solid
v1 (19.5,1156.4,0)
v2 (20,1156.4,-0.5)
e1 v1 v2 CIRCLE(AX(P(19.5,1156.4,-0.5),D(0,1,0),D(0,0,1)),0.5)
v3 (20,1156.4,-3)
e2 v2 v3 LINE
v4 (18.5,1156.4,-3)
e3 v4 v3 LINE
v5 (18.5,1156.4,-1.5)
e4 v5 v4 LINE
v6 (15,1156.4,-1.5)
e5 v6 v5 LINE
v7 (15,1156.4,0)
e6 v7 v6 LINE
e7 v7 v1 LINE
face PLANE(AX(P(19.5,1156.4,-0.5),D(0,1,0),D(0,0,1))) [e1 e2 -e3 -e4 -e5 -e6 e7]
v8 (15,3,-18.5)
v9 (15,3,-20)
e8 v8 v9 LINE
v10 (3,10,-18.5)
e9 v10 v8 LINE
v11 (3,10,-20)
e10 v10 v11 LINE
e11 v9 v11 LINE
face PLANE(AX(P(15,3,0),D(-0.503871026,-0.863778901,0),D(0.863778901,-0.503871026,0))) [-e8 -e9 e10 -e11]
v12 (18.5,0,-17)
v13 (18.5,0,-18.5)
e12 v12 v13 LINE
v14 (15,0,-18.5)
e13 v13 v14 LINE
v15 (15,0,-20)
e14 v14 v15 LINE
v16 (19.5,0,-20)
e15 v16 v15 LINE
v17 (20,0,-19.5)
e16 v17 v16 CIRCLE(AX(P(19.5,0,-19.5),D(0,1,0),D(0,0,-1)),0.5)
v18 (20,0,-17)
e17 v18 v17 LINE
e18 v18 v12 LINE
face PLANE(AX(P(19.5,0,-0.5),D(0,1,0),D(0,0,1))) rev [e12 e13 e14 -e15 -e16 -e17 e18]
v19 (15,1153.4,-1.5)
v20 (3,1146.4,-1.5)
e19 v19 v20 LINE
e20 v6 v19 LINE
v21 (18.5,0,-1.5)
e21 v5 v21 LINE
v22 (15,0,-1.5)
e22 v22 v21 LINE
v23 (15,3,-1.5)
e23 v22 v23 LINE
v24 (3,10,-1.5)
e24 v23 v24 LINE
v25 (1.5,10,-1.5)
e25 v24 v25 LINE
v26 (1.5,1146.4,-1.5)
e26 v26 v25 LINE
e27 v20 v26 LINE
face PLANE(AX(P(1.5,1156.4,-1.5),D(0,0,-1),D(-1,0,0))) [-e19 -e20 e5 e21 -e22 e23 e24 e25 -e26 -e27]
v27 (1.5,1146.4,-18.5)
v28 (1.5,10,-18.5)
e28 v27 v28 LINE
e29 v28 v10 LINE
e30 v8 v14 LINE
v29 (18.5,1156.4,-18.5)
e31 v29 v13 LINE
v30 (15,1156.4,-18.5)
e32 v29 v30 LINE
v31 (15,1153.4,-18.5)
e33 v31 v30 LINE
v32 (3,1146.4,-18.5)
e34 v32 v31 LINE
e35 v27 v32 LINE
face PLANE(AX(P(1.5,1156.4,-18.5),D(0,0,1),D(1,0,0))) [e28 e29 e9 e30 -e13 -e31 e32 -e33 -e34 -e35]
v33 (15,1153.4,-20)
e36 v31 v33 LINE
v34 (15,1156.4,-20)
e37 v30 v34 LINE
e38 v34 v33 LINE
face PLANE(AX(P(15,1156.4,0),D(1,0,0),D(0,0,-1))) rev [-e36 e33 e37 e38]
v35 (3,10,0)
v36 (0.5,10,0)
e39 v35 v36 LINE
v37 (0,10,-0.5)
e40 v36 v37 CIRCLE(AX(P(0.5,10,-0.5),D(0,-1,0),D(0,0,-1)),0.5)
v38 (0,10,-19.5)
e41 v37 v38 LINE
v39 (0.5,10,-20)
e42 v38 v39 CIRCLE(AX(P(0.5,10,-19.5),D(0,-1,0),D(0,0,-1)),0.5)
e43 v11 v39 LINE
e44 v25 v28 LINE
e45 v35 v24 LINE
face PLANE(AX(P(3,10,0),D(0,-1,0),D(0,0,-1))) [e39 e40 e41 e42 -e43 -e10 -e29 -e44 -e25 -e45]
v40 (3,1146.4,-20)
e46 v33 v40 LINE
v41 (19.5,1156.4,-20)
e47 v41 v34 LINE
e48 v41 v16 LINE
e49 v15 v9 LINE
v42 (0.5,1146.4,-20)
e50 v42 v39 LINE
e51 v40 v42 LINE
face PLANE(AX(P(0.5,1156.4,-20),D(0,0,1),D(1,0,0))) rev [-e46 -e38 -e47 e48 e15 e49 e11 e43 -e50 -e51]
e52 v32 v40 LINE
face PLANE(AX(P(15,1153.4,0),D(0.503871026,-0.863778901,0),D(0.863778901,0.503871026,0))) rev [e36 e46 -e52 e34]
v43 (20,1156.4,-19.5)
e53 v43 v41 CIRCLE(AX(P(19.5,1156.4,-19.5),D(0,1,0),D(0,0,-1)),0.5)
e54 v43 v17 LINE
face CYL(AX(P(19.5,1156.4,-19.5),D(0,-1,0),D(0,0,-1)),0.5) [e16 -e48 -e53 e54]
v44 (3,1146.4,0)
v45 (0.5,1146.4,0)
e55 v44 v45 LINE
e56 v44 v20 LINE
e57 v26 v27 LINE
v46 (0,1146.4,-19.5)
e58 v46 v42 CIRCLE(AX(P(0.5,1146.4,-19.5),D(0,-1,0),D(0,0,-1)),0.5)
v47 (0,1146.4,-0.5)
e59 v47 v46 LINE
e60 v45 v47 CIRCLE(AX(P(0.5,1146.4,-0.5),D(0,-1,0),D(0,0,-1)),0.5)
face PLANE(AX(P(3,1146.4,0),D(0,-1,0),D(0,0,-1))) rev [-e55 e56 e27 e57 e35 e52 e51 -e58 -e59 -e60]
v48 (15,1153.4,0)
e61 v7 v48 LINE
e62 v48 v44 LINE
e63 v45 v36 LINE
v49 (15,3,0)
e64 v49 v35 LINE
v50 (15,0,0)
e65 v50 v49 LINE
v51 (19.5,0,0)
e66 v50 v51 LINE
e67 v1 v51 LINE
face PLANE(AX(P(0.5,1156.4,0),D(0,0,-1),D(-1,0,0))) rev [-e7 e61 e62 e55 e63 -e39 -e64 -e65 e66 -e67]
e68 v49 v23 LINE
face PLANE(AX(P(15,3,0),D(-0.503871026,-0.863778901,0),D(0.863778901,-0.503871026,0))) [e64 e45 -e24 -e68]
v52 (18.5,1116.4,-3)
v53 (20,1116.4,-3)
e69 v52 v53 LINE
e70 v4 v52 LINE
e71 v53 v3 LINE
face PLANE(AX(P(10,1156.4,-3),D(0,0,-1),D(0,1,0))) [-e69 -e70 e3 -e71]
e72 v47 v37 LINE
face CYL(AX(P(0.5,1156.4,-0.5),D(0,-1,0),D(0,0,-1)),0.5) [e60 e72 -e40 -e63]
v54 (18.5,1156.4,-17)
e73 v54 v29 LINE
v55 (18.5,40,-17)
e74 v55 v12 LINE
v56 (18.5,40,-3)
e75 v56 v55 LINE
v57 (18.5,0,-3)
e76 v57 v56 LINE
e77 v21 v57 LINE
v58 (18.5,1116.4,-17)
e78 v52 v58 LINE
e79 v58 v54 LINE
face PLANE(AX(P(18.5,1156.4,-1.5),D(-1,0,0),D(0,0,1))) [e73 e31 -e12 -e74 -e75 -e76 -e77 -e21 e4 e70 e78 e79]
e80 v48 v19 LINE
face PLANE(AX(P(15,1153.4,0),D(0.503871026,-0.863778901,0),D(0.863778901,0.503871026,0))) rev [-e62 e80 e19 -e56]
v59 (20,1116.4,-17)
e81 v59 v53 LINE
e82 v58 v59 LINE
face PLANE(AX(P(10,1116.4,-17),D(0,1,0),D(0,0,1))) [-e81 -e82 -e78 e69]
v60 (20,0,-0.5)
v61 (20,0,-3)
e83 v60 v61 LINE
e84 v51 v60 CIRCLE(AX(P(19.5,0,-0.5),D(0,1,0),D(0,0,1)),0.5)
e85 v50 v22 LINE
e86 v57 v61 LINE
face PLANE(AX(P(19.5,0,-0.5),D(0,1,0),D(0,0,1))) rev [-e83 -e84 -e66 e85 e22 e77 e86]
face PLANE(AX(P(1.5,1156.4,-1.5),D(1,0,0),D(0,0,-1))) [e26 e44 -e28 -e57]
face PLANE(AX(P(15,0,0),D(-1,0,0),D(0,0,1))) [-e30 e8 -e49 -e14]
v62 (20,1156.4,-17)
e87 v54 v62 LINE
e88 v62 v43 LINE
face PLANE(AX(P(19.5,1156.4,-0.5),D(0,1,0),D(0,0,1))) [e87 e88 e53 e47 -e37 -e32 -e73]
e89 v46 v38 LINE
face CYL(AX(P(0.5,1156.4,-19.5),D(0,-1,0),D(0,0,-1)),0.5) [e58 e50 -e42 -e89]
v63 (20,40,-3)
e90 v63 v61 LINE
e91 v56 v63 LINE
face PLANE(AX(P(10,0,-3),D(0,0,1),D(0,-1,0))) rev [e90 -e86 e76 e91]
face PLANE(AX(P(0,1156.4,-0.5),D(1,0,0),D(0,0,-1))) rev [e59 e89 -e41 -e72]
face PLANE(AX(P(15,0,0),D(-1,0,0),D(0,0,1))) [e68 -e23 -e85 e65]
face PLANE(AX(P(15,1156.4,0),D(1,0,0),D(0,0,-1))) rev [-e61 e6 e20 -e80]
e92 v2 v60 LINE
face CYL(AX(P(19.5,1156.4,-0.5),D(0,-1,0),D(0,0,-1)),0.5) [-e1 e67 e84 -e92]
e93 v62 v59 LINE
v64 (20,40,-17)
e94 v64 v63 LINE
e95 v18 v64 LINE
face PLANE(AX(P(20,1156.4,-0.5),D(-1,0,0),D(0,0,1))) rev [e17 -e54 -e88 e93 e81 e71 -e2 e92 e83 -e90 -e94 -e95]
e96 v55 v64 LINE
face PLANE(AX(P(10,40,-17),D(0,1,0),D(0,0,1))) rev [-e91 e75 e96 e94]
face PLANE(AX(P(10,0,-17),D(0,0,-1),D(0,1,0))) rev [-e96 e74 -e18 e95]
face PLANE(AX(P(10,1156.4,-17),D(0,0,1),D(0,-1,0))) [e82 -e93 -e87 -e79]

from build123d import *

# Parameters (mm, degrees)
SKETCH1_W           = 17
SKETCH1_H           = 17
BOSS_EXTRUDE1_DEPTH = 1156.4
CUT_EXTRUDE4_START  = -20
SKETCH5_W           = 14
SKETCH5_H           = 40
CUT_EXTRUDE4_DEPTH  = 10
CUT_EXTRUDE5_DEPTH  = 1157.745849355


with BuildPart() as part:
    # Sketch1 → Boss-Extrude1 (new body)
    with BuildSketch(Plane(origin=(0, 0, 0), x_dir=(1, 0, 0), z_dir=(0, 1, 0))):
        with BuildLine():
            Line((0.5, 0), (19.5, 0))
            ThreePointArc((19.5, 0), (19.853553391, 0.146446609), (20, 0.5))
            Line((20, 0.5), (20, 19.5))
            ThreePointArc((20, 19.5), (19.853553391, 19.853553391), (19.5, 20))
            Line((19.5, 20), (0.5, 20))
            ThreePointArc((0.5, 20), (0.146446609, 19.853553391), (0, 19.5))
            Line((0, 19.5), (0, 0.5))
            ThreePointArc((0, 0.5), (0.146446609, 0.146446609), (0.5, 0))
        make_face()
        with Locations((10, 10)):
            Rectangle(SKETCH1_W, SKETCH1_H, mode=Mode.SUBTRACT)
    extrude(amount=BOSS_EXTRUDE1_DEPTH)

    # Sketch5 → Cut-Extrude4 (cut)
    with BuildSketch(Plane.ZY.offset(CUT_EXTRUDE4_START)):
        with Locations((-10, 1136.4)):
            Rectangle(SKETCH5_W, SKETCH5_H)
    cut_extrude4 = extrude(amount=CUT_EXTRUDE4_DEPTH, mode=Mode.SUBTRACT)

    # Sketch6 → Cut-Extrude5 (cut, through all)
    with BuildSketch(Plane(origin=(0, 0, -20), x_dir=(-1, 0, 0), z_dir=(0, 0, -1))):
        Polygon((-15, 1156.4), (-15, 1153.4), (-3, 1146.4), (0, 1146.4), (0, 1156.4), align=None)
    cut_extrude5 = extrude(amount=-CUT_EXTRUDE5_DEPTH, mode=Mode.SUBTRACT)

    # Mirror1: Cut-Extrude4, Cut-Extrude5 across plane
    add(cut_extrude4.mirror(Plane.ZX.offset(578.2)), mode=Mode.SUBTRACT)
    add(cut_extrude5.mirror(Plane.ZX.offset(578.2)), mode=Mode.SUBTRACT)


solid = part.part
